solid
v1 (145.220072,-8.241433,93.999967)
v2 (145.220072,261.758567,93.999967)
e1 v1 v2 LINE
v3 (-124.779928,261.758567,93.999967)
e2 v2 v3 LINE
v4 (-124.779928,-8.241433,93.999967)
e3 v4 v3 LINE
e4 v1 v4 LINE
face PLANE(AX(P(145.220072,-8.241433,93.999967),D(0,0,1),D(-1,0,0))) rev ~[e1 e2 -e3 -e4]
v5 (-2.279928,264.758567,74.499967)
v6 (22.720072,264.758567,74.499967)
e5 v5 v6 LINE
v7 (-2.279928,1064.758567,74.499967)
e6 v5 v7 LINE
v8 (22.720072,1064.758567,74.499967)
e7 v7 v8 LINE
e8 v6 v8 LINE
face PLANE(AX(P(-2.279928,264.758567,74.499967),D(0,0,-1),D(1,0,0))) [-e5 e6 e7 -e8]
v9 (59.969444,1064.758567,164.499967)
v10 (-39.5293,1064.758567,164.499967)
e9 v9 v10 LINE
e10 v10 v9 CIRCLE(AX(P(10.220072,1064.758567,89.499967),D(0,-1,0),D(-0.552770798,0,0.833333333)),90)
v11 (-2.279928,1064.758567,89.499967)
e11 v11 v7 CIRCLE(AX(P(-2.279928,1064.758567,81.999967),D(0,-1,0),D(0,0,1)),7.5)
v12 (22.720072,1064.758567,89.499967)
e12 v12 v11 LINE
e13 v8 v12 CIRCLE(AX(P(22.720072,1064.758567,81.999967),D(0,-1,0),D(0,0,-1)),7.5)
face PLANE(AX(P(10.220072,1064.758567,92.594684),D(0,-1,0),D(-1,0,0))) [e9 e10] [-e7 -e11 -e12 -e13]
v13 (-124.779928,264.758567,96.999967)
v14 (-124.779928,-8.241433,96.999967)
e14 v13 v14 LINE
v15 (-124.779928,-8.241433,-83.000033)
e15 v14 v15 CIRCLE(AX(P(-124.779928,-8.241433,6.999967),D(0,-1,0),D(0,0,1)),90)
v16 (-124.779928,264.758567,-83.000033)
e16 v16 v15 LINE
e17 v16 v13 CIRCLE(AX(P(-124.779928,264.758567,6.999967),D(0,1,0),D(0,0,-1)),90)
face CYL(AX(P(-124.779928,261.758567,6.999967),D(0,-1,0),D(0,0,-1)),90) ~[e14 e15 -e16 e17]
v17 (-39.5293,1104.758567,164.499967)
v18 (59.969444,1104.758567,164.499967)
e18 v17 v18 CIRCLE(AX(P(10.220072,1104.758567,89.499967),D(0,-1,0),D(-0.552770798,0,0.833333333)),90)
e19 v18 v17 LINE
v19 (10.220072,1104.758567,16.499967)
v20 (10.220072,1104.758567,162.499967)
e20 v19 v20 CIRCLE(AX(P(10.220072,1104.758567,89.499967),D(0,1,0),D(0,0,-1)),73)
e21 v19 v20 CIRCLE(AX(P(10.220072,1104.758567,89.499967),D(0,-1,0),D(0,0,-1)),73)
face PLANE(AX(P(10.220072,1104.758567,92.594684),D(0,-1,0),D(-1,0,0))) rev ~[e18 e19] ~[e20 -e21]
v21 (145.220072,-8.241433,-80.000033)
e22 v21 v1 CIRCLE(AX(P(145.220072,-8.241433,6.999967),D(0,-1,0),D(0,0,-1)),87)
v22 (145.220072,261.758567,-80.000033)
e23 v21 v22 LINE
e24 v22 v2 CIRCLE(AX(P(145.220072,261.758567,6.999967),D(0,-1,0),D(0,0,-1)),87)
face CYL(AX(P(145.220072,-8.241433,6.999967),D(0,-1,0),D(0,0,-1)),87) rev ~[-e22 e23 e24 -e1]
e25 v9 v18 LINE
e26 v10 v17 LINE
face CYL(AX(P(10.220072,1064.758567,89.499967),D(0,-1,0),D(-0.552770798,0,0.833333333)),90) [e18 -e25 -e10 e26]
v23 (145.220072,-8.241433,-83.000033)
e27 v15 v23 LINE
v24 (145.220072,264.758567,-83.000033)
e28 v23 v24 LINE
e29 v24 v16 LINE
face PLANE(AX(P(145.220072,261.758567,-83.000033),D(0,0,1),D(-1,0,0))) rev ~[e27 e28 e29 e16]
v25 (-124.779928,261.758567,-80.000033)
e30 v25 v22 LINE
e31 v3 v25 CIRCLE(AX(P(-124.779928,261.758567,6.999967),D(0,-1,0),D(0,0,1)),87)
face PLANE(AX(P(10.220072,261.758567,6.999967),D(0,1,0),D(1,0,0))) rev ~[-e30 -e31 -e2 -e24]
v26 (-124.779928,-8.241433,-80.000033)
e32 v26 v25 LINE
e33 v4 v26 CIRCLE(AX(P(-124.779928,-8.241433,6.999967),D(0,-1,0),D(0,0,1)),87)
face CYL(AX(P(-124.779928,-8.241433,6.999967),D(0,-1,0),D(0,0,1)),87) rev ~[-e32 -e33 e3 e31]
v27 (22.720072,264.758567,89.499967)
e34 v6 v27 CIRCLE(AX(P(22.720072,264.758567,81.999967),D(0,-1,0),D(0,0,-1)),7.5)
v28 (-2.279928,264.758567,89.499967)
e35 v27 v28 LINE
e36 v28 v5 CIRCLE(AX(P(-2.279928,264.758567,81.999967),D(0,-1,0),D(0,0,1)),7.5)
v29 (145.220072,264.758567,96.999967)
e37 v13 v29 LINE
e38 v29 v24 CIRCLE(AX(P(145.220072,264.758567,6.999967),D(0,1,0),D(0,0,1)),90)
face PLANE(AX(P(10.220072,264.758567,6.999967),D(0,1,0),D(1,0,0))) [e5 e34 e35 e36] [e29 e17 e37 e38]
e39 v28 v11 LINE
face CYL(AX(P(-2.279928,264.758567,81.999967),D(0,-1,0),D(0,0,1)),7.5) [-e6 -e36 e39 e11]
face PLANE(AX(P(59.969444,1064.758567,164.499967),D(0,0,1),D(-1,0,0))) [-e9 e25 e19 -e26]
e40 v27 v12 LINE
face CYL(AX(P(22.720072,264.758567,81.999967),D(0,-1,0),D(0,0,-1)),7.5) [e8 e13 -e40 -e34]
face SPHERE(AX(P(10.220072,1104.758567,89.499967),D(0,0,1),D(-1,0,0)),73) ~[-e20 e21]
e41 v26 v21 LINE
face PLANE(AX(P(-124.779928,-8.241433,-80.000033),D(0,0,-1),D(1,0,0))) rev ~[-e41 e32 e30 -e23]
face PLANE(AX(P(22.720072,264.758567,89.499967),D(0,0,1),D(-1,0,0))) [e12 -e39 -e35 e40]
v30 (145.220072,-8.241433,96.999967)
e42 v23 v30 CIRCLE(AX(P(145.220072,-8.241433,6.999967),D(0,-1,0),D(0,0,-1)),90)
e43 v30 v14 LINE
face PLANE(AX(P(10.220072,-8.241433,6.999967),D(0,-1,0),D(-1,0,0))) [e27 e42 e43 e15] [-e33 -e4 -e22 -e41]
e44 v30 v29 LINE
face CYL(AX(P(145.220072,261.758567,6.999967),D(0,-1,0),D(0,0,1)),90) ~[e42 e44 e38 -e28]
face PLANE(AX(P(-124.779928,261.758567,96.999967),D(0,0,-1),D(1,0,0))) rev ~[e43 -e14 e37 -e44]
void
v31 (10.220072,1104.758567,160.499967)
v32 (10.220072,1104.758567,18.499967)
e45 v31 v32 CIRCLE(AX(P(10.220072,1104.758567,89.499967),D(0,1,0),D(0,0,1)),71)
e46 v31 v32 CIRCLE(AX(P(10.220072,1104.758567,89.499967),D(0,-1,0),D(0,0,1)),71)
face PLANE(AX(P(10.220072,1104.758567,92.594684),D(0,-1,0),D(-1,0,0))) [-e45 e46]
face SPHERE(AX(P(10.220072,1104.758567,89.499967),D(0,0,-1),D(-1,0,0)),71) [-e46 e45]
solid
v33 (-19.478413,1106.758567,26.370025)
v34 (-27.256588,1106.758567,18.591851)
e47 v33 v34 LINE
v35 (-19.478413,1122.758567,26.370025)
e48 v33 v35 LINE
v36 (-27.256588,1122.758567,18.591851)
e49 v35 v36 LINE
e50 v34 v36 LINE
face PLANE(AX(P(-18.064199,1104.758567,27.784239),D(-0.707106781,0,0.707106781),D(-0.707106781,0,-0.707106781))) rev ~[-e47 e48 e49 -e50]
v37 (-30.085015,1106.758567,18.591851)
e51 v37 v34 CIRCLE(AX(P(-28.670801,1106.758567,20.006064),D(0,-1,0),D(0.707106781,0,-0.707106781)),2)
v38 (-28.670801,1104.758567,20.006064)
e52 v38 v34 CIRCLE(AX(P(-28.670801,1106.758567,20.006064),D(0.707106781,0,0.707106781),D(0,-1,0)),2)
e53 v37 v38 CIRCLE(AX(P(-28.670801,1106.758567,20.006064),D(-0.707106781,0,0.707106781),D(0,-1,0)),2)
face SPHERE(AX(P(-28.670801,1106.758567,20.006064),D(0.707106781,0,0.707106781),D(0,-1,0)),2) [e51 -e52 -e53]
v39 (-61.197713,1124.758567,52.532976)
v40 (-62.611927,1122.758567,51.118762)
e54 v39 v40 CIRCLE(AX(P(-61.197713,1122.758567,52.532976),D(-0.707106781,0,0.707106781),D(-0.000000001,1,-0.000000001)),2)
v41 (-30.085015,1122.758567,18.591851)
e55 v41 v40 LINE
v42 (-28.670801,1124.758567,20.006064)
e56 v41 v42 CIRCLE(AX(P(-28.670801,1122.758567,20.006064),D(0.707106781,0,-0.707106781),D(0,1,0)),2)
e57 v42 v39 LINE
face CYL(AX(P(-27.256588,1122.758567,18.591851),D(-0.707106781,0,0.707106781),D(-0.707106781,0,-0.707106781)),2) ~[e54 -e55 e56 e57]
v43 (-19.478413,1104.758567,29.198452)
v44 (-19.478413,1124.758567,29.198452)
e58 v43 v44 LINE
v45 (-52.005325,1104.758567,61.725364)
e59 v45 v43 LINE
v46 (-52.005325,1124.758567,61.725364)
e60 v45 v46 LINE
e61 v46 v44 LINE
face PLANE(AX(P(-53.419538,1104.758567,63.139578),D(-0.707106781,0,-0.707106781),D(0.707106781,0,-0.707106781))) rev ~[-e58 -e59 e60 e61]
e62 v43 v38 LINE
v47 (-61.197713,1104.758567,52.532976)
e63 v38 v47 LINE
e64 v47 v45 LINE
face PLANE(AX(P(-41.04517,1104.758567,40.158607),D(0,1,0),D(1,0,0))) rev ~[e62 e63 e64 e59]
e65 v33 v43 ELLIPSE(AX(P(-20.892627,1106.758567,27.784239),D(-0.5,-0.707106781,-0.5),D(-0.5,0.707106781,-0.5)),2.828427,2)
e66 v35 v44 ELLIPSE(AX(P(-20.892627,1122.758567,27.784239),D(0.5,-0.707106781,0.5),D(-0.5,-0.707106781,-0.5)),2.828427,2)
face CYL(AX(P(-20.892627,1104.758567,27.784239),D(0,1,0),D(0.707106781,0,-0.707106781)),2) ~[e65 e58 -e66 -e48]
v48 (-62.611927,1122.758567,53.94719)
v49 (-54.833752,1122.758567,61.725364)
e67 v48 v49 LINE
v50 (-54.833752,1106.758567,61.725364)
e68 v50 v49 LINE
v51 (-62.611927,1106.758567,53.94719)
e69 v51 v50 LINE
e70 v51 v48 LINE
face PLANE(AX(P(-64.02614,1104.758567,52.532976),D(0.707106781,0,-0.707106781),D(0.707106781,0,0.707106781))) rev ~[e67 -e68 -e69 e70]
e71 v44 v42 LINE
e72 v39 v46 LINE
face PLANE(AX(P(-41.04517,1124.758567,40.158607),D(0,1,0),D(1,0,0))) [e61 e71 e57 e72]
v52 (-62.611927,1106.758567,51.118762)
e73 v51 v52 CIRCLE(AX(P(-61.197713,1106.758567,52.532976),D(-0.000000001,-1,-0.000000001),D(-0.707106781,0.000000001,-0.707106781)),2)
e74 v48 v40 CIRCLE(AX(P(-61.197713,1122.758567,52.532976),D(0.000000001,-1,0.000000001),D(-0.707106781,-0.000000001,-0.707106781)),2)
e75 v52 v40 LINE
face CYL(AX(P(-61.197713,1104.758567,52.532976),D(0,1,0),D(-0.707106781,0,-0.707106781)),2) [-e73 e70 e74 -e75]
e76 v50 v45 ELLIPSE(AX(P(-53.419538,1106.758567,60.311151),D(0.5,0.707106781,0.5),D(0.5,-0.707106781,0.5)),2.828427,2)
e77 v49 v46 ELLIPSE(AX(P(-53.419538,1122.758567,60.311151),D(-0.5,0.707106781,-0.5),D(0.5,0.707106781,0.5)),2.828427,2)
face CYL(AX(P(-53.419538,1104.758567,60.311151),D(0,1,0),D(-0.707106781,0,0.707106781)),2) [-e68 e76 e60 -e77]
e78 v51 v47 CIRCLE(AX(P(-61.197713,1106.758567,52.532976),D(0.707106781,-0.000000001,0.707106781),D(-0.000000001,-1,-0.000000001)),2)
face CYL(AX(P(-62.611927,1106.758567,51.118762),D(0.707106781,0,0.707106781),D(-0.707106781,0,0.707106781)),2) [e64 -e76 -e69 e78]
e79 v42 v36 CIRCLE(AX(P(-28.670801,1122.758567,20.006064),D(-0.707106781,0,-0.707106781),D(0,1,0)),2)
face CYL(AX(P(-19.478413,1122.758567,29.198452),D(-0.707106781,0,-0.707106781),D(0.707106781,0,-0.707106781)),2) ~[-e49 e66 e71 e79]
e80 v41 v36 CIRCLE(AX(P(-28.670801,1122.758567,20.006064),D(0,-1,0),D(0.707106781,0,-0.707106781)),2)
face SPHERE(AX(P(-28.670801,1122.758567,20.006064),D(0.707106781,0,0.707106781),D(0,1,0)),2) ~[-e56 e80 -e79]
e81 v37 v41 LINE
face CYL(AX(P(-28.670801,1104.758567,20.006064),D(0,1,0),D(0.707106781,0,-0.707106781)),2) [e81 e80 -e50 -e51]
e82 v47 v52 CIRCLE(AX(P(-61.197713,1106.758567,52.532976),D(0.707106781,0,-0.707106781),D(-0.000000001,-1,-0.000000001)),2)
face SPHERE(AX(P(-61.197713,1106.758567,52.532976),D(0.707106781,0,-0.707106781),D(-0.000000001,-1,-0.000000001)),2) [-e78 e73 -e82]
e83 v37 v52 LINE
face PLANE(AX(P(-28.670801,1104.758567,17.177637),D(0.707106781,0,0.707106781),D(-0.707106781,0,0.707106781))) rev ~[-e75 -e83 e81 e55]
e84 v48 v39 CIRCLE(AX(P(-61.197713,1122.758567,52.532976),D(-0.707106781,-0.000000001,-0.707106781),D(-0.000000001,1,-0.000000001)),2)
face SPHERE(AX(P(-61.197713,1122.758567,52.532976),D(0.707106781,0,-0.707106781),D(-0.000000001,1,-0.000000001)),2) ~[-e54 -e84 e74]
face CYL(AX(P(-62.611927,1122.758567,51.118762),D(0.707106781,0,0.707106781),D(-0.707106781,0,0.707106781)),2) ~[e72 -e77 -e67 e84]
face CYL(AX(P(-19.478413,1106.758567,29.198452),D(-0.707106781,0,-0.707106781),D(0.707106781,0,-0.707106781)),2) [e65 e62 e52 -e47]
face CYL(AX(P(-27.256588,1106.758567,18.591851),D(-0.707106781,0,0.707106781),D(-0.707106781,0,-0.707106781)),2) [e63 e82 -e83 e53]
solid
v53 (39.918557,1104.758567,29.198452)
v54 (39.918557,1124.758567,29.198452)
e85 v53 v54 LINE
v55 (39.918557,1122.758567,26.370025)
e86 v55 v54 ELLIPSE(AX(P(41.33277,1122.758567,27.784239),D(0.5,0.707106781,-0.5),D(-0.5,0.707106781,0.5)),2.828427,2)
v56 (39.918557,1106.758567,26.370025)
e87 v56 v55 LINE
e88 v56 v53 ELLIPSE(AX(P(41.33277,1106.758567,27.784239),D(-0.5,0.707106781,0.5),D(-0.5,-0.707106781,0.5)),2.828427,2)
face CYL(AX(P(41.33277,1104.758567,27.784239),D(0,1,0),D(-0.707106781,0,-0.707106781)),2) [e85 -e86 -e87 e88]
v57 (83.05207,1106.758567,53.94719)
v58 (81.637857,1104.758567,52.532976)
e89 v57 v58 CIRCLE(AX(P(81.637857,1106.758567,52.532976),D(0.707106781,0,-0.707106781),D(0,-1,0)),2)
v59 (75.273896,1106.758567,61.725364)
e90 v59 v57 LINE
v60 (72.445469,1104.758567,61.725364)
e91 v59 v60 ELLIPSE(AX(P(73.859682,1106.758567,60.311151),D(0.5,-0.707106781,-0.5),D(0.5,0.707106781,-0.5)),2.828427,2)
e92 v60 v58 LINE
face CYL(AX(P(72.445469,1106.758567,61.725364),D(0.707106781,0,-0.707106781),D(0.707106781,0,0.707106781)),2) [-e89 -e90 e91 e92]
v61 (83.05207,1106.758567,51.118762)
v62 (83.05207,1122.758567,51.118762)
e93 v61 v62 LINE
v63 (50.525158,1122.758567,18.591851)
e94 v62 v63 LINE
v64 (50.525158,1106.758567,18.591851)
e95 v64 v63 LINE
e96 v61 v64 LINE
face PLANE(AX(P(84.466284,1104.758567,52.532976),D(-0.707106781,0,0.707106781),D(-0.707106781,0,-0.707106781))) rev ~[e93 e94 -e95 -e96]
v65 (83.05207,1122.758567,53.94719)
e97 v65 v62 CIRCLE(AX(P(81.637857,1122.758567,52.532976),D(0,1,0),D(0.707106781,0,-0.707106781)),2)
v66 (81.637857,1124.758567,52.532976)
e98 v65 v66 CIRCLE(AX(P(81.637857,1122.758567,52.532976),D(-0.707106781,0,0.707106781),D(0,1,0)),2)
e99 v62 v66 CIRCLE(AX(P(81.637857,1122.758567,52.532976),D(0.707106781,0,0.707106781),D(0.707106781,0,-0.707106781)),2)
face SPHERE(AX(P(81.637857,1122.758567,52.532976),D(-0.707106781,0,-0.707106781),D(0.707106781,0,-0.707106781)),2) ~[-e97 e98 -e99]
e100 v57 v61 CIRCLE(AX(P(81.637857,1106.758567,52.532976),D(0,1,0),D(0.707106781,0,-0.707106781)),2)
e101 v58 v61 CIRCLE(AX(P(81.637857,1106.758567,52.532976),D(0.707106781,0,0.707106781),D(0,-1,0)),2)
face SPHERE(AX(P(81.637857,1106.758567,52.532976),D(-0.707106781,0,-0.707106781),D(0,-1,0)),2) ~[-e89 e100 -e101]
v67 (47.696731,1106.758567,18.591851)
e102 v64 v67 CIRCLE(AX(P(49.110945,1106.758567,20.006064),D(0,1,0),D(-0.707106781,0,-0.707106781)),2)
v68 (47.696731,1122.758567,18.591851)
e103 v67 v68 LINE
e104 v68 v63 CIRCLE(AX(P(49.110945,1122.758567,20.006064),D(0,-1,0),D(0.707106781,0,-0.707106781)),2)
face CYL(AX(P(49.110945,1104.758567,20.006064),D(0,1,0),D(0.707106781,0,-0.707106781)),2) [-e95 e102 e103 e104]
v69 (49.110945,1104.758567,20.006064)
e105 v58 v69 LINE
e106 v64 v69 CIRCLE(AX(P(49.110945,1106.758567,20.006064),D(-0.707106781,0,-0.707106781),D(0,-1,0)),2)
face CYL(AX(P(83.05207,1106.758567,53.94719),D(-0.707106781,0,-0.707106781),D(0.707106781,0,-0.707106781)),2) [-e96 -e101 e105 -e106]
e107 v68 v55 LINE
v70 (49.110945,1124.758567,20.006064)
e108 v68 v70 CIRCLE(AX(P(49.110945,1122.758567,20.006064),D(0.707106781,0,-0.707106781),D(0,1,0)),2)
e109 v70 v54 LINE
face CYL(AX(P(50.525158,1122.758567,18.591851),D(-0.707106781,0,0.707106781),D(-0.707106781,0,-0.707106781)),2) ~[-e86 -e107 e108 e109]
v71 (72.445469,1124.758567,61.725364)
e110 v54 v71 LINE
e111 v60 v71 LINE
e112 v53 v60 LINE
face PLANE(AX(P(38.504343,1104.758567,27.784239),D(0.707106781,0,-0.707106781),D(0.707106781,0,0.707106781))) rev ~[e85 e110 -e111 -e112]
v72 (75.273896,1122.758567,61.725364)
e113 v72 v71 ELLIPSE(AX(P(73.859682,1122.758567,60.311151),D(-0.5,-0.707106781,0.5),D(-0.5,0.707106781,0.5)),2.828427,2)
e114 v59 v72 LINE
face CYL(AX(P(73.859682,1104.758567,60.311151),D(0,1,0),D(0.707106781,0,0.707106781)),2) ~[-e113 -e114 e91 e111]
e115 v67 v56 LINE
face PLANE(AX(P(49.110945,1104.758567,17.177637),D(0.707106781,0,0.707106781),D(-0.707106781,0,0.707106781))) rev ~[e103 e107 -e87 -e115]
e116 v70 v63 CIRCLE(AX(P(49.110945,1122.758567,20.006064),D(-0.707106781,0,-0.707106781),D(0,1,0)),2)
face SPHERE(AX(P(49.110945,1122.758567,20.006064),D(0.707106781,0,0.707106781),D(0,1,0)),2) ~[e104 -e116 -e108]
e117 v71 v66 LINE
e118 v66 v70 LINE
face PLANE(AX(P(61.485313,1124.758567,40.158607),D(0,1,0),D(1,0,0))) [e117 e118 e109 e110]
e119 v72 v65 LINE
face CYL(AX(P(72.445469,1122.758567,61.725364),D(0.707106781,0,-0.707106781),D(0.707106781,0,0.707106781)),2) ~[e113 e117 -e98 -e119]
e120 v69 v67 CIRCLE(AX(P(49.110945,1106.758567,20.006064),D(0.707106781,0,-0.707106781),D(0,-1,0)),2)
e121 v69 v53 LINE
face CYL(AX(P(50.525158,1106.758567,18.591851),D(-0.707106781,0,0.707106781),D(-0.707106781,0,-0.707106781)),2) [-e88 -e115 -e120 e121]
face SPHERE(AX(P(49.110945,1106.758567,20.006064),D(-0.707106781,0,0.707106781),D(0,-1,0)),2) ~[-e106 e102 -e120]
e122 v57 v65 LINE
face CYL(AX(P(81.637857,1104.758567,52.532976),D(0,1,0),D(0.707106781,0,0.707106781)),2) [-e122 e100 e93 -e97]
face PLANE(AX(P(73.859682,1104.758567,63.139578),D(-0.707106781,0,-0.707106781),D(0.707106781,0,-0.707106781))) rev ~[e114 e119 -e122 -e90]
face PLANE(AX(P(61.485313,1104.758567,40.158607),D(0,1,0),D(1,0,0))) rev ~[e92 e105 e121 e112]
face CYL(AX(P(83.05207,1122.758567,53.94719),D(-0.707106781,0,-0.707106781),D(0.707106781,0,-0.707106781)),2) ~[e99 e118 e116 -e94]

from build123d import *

# Parameters (mm, degrees)
BOSS_EXTRUDE1_DEPTH   = 270
BOSS_EXTRUDE2_DEPTH   = 3
BOSS_EXTRUDE3_DEPTH   = 800
BOSS_EXTRUDE4_DEPTH   = 40
REVOLVE1_ANGLE        = 180
BOSS_EXTRUDE5_DEPTH   = 20
BOSS_EXTRUDE5_2_DEPTH = 20
FILLET1_R             = 2
FILLET2_R             = 2


with BuildPart() as part:
    # Sketch1 → Boss-Extrude1 (new body)
    with BuildSketch(Plane(origin=(0, -8.241432606, 0), x_dir=(1, 0, 0), z_dir=(0, 1, 0))):
        with BuildLine():
            Line((-124.779928143, 83.000032543), (145.220071857, 83.000032543))
            ThreePointArc((145.220071857, 83.000032543), (235.220071857, -6.999967457), (145.220071857, -96.999967457))
            Line((145.220071857, -96.999967457), (-124.779928143, -96.999967457))
            ThreePointArc((-124.779928143, -96.999967457), (-214.779928143, -6.999967457), (-124.779928143, 83.000032543))
        make_face()
        with BuildLine():
            Line((-124.779928143, 80.000032543), (145.220071857, 80.000032543))
            ThreePointArc((145.220071857, 80.000032543), (232.220071857, -6.999967457), (145.220071857, -93.999967457))
            Line((145.220071857, -93.999967457), (-124.779928143, -93.999967457))
            ThreePointArc((-124.779928143, -93.999967457), (-211.779928143, -6.999967457), (-124.779928143, 80.000032543))
        make_face(mode=Mode.SUBTRACT)
    extrude(amount=BOSS_EXTRUDE1_DEPTH)

    # Sketch4 → Boss-Extrude2 (add)
    with BuildSketch(Plane(origin=(0, 261.758567394, 0), x_dir=(1, 0, 0), z_dir=(0, 1, 0))):
        with BuildLine():
            Line((-124.779928143, -96.999967457), (145.220071857, -96.999967457))
            ThreePointArc((145.220071857, -96.999967457), (235.220071857, -6.999967457), (145.220071857, 83.000032543))
            Line((145.220071857, 83.000032543), (-124.779928143, 83.000032543))
            ThreePointArc((-124.779928143, 83.000032543), (-214.779928143, -6.999967457), (-124.779928143, -96.999967457))
        make_face()
    extrude(amount=BOSS_EXTRUDE2_DEPTH)

    # Sketch5 → Boss-Extrude3 (add)
    with BuildSketch(Plane(origin=(0, 264.758567394, 0), x_dir=(1, 0, 0), z_dir=(0, 1, 0))):
        with BuildLine():
            Line((22.720071857, -89.499967457), (-2.279928143, -89.499967457))
            ThreePointArc((-2.279928143, -89.499967457), (-9.779928143, -81.999967457), (-2.279928143, -74.499967457))
            Line((-2.279928143, -74.499967457), (22.720071857, -74.499967457))
            ThreePointArc((22.720071857, -74.499967457), (30.220071857, -81.999967457), (22.720071857, -89.499967457))
        make_face()
    extrude(amount=BOSS_EXTRUDE3_DEPTH)

    # Sketch6 → Boss-Extrude4 (add)
    with BuildSketch(Plane(origin=(0, 1064.758567394, 0), x_dir=(1, 0, 0), z_dir=(0, 1, 0))):
        with BuildLine():
            Line((59.969443713, -164.499967457), (-39.529299998, -164.499967457))
            ThreePointArc((-39.529299998, -164.499967457), (10.220071857, 0.500032543), (59.969443713, -164.499967457))
        make_face()
    extrude(amount=BOSS_EXTRUDE4_DEPTH)

    # Sketch7 → Revolve1 (revolve)
    with BuildSketch(Plane(origin=(0, 1104.758567394, 0), x_dir=(1, 0, 0), z_dir=(0, 1, 0))):
        with BuildLine():
            Line((10.220071857, -18.499967457), (10.220071857, -16.499967457))
            ThreePointArc((10.220071857, -16.499967457), (-62.779928143, -89.499967457), (10.220071857, -162.499967457))
            Line((10.220071857, -162.499967457), (10.220071857, -160.499967457))
            ThreePointArc((10.220071857, -160.499967457), (-60.779928143, -89.499967457), (10.220071857, -18.499967457))
        make_face()
    revolve(axis=Axis((10.220071857, 1104.758567394, 89.499967457), (0, 0, -1)), revolution_arc=REVOLVE1_ANGLE)


with BuildPart() as body_2:
    # Sketch9 → Boss-Extrude5 (new body)
    with BuildSketch(Plane(origin=(0, 1104.758567394, 0), x_dir=(1, 0, 0), z_dir=(0, 1, 0))):
        Polygon((73.859682164, -63.139577763), (84.466283882, -52.532976046), (49.110944823, -17.177636986), (38.504343105, -27.784238704), align=None)
    extrude(amount=BOSS_EXTRUDE5_DEPTH)

    # Fillet1
    fillet1_edges = [body_2.edges().sort_by_distance(p)[0] for p in [
        (66.788614352, 1124.758567394, 34.855306516),
        (43.807643964, 1124.758567394, 22.480937845),
        (43.807643964, 1104.758567394, 22.480937845),
        (66.788614352, 1104.758567394, 34.855306516),
        (79.162983023, 1104.758567394, 57.836276905),
        (38.504343105, 1114.758567394, 27.784238704),
        (49.110944823, 1114.758567394, 17.177636986),
        (84.466283882, 1114.758567394, 52.532976046),
        (73.859682164, 1114.758567394, 63.139577763),
        (79.162983023, 1124.758567394, 57.836276905),
    ]]
    fillet(fillet1_edges, radius=FILLET1_R)


with BuildPart() as body_3:
    # Sketch9 → Boss-Extrude5 2 (new body)
    with BuildSketch(Plane(origin=(0, 1104.758567394, 0), x_dir=(1, 0, 0), z_dir=(0, 1, 0))):
        Polygon((-18.06419939, -27.784238704), (-28.670801108, -17.177636986), (-64.026140167, -52.532976046), (-53.419538449, -63.139577763), align=None)
    extrude(amount=BOSS_EXTRUDE5_2_DEPTH)

    # Fillet2
    fillet2_edges = [body_3.edges().sort_by_distance(p)[0] for p in [
        (-23.367500249, 1104.758567394, 22.480937845),
        (-46.348470637, 1104.758567394, 34.855306516),
        (-58.722839308, 1104.758567394, 57.836276905),
        (-23.367500249, 1124.758567394, 22.480937845),
        (-46.348470637, 1124.758567394, 34.855306516),
        (-58.722839308, 1124.758567394, 57.836276905),
        (-53.419538449, 1114.758567394, 63.139577763),
        (-64.026140167, 1114.758567394, 52.532976046),
        (-28.670801108, 1114.758567394, 17.177636986),
        (-18.06419939, 1114.758567394, 27.784238704),
    ]]
    fillet(fillet2_edges, radius=FILLET2_R)


solid = Compound([part.part, body_2.part, body_3.part])
